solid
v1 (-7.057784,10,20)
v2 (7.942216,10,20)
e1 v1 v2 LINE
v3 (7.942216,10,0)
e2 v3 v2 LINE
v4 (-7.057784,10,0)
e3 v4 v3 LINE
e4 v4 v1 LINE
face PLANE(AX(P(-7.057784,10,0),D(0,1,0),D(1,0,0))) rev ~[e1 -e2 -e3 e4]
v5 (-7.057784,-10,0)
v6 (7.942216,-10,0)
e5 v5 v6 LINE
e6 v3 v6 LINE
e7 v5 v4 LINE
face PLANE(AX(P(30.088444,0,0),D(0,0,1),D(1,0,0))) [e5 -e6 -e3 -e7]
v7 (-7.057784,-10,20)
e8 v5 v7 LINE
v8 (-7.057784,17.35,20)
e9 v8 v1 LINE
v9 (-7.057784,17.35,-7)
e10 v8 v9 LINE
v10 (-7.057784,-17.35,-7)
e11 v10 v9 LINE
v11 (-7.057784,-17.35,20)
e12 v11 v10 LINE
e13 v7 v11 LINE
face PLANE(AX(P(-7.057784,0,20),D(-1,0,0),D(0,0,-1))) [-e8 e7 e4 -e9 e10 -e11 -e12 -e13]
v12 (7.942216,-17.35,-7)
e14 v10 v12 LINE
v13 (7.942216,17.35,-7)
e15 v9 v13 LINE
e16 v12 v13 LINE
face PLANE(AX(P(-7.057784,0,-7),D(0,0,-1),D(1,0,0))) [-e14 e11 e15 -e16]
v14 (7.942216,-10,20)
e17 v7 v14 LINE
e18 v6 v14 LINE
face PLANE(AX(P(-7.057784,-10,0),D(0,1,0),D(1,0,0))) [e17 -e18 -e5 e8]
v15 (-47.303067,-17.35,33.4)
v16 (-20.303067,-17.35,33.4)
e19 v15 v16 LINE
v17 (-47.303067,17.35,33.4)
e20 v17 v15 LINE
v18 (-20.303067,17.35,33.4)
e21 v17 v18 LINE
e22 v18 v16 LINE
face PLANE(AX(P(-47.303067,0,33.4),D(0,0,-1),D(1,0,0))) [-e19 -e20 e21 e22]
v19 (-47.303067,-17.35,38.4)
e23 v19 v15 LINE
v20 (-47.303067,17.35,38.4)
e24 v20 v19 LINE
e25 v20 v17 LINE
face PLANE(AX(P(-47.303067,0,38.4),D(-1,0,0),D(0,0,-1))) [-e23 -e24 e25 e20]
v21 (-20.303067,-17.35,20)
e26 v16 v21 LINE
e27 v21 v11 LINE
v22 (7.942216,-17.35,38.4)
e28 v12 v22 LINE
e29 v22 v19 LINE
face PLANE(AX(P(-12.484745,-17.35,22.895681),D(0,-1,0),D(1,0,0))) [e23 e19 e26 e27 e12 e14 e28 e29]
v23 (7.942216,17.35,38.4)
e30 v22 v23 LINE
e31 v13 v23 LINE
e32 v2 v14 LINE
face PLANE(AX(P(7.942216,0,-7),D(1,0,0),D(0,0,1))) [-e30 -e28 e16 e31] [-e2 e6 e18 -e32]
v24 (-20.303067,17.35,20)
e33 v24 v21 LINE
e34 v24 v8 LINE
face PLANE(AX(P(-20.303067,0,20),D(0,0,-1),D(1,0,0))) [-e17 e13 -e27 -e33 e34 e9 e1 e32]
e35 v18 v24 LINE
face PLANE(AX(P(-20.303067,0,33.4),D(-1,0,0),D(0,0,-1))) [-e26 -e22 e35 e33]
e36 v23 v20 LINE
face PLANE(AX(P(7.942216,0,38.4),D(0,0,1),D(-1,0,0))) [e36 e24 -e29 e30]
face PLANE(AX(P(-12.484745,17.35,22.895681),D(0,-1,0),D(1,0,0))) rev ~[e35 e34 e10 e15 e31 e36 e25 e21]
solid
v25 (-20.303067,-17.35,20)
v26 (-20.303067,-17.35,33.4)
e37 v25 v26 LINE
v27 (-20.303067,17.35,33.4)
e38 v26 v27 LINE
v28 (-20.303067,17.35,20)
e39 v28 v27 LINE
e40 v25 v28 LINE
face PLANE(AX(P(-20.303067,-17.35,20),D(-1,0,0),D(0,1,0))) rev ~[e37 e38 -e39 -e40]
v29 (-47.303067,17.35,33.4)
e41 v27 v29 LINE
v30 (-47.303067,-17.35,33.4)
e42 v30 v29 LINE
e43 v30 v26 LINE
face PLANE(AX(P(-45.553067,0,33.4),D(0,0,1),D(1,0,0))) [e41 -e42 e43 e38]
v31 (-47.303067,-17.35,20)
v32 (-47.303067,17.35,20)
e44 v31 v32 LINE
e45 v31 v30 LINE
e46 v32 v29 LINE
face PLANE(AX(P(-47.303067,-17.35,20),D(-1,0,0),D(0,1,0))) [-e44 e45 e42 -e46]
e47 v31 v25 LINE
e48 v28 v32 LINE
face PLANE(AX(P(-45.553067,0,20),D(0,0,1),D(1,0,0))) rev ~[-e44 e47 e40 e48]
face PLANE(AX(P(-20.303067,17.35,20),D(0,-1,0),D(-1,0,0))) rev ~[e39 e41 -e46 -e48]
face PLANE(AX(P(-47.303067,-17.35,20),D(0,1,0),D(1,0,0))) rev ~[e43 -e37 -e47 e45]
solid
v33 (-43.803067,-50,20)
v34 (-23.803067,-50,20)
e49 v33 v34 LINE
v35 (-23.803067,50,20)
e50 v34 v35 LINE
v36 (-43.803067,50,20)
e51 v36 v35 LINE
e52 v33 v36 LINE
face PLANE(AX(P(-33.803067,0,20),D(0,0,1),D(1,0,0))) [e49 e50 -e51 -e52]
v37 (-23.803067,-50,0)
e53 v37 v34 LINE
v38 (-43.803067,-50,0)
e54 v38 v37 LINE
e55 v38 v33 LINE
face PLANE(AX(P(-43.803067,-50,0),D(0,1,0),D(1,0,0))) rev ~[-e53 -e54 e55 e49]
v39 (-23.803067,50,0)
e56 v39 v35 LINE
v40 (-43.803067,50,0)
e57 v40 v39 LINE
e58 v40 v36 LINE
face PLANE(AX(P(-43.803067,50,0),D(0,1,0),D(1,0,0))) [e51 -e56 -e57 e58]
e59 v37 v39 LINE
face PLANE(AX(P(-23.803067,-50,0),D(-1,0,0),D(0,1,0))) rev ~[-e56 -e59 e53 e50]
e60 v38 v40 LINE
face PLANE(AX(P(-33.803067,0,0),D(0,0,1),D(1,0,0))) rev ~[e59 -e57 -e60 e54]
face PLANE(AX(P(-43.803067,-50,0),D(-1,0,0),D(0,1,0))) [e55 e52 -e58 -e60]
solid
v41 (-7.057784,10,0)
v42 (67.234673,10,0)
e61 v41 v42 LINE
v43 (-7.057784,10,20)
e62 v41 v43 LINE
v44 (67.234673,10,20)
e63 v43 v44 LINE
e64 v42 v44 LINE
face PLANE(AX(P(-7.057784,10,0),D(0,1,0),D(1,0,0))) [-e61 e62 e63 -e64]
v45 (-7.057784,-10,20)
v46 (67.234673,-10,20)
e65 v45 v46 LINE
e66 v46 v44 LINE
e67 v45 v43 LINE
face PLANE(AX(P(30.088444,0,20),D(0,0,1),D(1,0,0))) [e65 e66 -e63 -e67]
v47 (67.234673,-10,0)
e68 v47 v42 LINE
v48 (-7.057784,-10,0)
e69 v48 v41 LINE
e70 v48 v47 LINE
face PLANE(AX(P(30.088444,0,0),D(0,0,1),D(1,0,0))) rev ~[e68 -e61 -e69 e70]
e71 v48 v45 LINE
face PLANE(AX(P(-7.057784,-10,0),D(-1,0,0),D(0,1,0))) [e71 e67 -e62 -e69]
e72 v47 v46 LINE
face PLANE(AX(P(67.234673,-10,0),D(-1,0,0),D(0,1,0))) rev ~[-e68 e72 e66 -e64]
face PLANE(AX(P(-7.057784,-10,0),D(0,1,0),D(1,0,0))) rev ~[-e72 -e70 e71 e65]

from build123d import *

# Parameters (mm, degrees)
F0_W          = 20
F0_H          = 100
F1_DEPTH      = 20
F0_W_2        = 74.2924562655
F0_H_2        = 20
F2_W          = 3.5
F2_H          = 34.7
F2_W_2        = 20
F3_DEPTH      = 13.4
F5_DEPTH      = 17.35
F5_DEPTH_BACK = 17.35


with BuildPart() as f1:
    # F0 (on Top) → F1 (new body)
    with BuildSketch(Plane.XY):
        with Locations((-33.8030671701, 0)):
            Rectangle(F0_W, F0_H)
    extrude(amount=F1_DEPTH)


with BuildPart() as f1b:
    # F0 (on Top) → F1, piece 2 (new body)
    with BuildSketch(Plane.XY):
        with Locations((30.0884444732, 0)):
            Rectangle(F0_W_2, F0_H_2)
    extrude(amount=F1_DEPTH)


with BuildPart() as f3:
    # F2 (on face) → F3 (new body)
    with BuildSketch(Plane.XY.offset(20)):
        with Locations((-45.5530671701, 0)):
            Rectangle(F2_W, F2_H)
        with Locations((-33.8030671701, 0)):
            Rectangle(F2_W_2, F2_H)
        with Locations((-22.0530671701, 0)):
            Rectangle(F2_W, F2_H)
    extrude(amount=F3_DEPTH)


with BuildPart() as f5:
    # F4 (on Front) → F5 (new body, two sides)
    with BuildSketch(Plane.XZ) as f5_sk:
        Polygon((7.9422163405, 38.4), (-47.3030671701, 38.4), (-47.3030671701, 33.4), (-20.3030671701, 33.4), (-20.3030671701, 20), (-7.0577836595, 20), (-7.0577836595, -7), (7.9422163405, -7), align=None)
    extrude(amount=F5_DEPTH)
    extrude(f5_sk.sketch, amount=-F5_DEPTH_BACK)

    # F6: cut F1b
    add(f1b.part, mode=Mode.SUBTRACT)


solid = Compound([f1.part, f1b.part, f3.part, f5.part])
